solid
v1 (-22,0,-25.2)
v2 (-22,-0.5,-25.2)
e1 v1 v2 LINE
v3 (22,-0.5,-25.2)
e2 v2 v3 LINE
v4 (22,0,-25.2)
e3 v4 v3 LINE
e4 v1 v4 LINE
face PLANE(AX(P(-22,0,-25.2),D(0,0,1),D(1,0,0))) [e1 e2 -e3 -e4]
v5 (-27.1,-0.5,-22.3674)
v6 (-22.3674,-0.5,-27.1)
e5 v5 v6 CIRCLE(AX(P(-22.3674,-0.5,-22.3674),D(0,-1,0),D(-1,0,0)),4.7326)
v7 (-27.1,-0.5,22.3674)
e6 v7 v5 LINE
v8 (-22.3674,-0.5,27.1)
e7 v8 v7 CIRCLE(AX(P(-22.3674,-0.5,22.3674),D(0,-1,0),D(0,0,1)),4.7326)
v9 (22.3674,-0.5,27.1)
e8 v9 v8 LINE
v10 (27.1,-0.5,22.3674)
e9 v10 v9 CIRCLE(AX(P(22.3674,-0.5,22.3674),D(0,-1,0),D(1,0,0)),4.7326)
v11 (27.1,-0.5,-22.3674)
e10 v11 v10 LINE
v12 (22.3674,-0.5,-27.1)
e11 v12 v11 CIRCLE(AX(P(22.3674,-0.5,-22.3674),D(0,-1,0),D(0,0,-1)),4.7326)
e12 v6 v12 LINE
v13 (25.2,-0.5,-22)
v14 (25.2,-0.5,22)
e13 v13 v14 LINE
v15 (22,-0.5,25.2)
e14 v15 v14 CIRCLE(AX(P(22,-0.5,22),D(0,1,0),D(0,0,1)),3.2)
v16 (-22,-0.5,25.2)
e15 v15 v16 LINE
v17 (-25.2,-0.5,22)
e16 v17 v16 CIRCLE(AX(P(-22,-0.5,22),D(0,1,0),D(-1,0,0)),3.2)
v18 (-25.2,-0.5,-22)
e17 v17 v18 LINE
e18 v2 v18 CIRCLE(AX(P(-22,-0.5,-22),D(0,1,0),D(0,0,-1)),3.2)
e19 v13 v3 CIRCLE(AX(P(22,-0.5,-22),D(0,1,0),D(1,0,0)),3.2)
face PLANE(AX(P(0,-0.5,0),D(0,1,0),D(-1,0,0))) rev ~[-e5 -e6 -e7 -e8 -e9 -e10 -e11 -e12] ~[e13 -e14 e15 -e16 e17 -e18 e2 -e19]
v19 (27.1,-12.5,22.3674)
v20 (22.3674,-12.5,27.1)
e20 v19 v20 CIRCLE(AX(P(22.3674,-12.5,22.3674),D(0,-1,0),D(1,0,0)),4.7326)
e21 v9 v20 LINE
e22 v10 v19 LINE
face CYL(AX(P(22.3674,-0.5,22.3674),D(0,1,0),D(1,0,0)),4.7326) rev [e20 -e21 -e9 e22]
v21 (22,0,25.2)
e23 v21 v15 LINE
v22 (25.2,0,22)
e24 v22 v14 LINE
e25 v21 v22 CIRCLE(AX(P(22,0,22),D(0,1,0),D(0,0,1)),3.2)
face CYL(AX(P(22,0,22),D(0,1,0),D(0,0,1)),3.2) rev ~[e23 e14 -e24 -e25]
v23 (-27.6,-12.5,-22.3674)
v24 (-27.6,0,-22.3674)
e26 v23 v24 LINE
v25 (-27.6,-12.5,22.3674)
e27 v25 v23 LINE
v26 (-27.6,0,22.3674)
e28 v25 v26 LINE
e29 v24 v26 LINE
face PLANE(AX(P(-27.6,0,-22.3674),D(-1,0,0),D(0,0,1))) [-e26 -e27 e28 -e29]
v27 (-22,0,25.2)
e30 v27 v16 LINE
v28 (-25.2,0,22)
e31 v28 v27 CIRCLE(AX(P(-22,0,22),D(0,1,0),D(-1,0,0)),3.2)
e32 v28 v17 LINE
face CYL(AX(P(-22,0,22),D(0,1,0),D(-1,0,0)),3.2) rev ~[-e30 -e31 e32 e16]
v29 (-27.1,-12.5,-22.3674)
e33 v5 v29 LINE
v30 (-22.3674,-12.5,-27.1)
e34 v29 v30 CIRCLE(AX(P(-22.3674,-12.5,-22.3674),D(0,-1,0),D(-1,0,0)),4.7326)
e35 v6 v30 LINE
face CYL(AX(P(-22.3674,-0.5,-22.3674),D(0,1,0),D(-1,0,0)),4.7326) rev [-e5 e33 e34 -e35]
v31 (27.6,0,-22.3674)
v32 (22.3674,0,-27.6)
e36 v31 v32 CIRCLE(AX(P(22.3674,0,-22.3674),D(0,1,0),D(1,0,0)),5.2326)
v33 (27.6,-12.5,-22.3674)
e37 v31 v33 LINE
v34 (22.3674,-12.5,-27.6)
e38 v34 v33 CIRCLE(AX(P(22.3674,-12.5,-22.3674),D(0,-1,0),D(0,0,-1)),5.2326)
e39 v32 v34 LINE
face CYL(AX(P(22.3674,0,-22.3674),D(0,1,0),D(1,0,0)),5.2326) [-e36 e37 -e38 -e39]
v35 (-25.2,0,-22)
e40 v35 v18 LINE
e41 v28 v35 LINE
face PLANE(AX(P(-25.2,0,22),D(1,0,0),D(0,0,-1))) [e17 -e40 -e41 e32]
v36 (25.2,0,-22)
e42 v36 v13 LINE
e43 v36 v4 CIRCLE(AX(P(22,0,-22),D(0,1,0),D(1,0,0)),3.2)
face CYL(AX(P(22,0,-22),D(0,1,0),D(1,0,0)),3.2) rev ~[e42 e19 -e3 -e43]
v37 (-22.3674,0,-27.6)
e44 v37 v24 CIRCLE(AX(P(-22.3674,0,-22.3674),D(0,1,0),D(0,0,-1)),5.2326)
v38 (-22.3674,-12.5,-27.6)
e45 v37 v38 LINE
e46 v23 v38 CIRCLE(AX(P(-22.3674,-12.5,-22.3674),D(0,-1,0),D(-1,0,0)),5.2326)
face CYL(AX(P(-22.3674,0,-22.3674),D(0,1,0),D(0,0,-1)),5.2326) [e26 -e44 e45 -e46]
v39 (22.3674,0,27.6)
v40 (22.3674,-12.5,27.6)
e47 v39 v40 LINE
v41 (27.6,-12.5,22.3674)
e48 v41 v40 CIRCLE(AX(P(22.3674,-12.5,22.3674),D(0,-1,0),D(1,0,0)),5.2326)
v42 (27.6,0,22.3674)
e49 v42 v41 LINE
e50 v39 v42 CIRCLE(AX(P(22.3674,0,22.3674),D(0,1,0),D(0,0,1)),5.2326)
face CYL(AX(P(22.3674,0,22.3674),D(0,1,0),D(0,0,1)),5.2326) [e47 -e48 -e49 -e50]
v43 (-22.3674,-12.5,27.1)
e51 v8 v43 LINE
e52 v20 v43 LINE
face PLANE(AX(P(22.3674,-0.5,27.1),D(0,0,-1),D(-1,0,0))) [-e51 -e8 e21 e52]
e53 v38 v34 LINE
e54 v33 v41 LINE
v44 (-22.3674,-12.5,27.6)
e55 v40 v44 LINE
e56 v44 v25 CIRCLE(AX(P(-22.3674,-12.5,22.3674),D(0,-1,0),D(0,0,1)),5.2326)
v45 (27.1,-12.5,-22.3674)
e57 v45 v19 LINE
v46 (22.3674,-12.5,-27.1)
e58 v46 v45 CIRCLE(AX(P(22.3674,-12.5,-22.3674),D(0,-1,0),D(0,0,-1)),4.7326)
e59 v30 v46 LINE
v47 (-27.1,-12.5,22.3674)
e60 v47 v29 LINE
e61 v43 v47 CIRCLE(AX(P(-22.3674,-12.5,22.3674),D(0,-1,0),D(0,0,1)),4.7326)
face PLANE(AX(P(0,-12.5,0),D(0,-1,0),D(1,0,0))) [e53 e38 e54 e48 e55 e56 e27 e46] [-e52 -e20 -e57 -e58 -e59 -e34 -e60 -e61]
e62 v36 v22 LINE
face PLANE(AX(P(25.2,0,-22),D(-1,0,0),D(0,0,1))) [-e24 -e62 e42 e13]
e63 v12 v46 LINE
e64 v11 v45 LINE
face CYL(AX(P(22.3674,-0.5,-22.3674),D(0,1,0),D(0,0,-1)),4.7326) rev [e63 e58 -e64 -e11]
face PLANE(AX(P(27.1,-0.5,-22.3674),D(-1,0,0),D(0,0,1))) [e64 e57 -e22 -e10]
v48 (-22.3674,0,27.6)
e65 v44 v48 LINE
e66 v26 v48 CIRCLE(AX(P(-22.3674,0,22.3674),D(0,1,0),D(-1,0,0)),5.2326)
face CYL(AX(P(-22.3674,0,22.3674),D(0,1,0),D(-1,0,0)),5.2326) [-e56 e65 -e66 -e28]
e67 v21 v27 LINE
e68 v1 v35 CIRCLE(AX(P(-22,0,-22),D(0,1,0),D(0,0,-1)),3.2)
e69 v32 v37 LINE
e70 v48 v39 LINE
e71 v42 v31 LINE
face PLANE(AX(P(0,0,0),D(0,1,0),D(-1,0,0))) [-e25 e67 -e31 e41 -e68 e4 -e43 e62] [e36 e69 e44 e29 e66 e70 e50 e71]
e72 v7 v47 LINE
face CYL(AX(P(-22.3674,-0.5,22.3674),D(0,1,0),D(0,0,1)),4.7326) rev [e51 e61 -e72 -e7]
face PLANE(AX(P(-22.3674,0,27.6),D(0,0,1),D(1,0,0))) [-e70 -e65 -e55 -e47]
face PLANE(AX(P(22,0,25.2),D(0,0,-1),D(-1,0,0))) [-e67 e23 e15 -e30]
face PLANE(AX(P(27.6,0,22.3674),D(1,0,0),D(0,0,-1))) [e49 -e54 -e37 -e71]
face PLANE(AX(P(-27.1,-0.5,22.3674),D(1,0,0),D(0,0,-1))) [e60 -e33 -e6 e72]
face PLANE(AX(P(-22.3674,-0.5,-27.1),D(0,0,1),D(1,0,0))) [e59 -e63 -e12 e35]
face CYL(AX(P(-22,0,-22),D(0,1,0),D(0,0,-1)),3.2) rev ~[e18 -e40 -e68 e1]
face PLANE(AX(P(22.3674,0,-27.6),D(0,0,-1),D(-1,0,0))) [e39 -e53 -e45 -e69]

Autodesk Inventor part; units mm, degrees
ref_plane "YZ Plane" through (0, 0, 0) normal (1, 0, 0) x (0, 1, 0)
ref_plane "XZ Plane" through (0, 0, 0) normal (0, 1, 0) x (-1, 0, 0)
ref_plane "XY Plane" through (0, 0, 0) normal (0, 0, 1) x (1, 0, 0)
sketch "Sketch1" plane through (0, 0, 0) normal (0, 1, 0) x (-1, 0, 0)
  line L0 (25.2, -25.2) -> (-25.2, -25.2) construction
  line L1 (-25.2, -25.2) -> (-25.2, 25.2) construction
  line L2 (-25.2, 25.2) -> (25.2, 25.2) construction
  line L3 (25.2, 25.2) -> (25.2, -25.2) construction
  line L4 (25.2, -25.2) -> (-25.2, 25.2) construction
  line L5 (-25.2, -25.2) -> (25.2, 25.2) construction
  arc A0 (22, -25.2) -> (25.2, -22) centre (22, -22) ccw
  arc A1 (-25.2, -22) -> (-22, -25.2) centre (-22, -22) ccw
  arc A2 (25.2, 22) -> (22, 25.2) centre (22, 22) ccw
  arc A3 (-22, 25.2) -> (-25.2, 22) centre (-22, 22) ccw
  line L6 (22, -25.2) -> (-22, -25.2)
  line L7 (-25.2, -22) -> (-25.2, 22)
  line L8 (-22, 25.2) -> (22, 25.2)
  line L9 (25.2, 22) -> (25.2, -22)
  line L10 (0, -60) -> (0, 60) construction
  line L11 (60, 0) -> (-60, 0) construction
  line L12 (27.6, -22.3674) -> (27.6, 22.3674)
  arc A4 (27.6, 22.3674) -> (22.3674, 27.6) centre (22.3674, 22.3674) ccw
  line L13 (22.3674, 27.6) -> (-22.3674, 27.6)
  arc A5 (-22.3674, 27.6) -> (-27.6, 22.3674) centre (-22.3674, 22.3674) ccw
  line L14 (-27.6, 22.3674) -> (-27.6, -22.3674)
  arc A6 (-27.6, -22.3674) -> (-22.3674, -27.6) centre (-22.3674, -22.3674) ccw
  line L15 (-22.3674, -27.6) -> (22.3674, -27.6)
  arc A7 (22.3674, -27.6) -> (27.6, -22.3674) centre (22.3674, -22.3674) ccw
  point P0 (0, 0)
  point P1 (26.0674, -26.0674)
  dimension "d0" = 50.4
  dimension "d1" = 6.4
  dimension "d2" = 120
  dimension "d3" = 120
  dimension "d4" = 55.2
  dimension "d5" = 3.7
extrude "Extrusion1" add sketch "Sketch1" against normal blind 0.5
sketch "Sketch2" plane through (0, -0.5, 0) normal (0, -1, 0) x (1, 0, 0)
  line L0 (-27.6, 22.3674) -> (-27.6, -22.3674) projected
  arc A0 (-22.3674, 27.6) -> (-27.6, 22.3674) centre (-22.3674, 22.3674) ccw projected
  line L1 (22.3674, 27.6) -> (-22.3674, 27.6) projected
  arc A1 (27.6, 22.3674) -> (22.3674, 27.6) centre (22.3674, 22.3674) ccw projected
  line L2 (27.6, -22.3674) -> (27.6, 22.3674) projected
  arc A2 (22.3674, -27.6) -> (27.6, -22.3674) centre (22.3674, -22.3674) ccw projected
  line L3 (-22.3674, -27.6) -> (22.3674, -27.6) projected
  arc A3 (-27.6, -22.3674) -> (-22.3674, -27.6) centre (-22.3674, -22.3674) ccw projected
  line L4 (-27.1, 22.3674) -> (-27.1, -22.3674)
  arc A4 (-27.1, -22.3674) -> (-22.3674, -27.1) centre (-22.3674, -22.3674) ccw
  line L5 (-22.3674, -27.1) -> (22.3674, -27.1)
  arc A5 (22.3674, -27.1) -> (27.1, -22.3674) centre (22.3674, -22.3674) ccw
  line L6 (27.1, -22.3674) -> (27.1, 22.3674)
  arc A6 (27.1, 22.3674) -> (22.3674, 27.1) centre (22.3674, 22.3674) ccw
  line L7 (22.3674, 27.1) -> (-22.3674, 27.1)
  arc A7 (-22.3674, 27.1) -> (-27.1, 22.3674) centre (-22.3674, 22.3674) ccw
  point P0 (0, 0)
  dimension "d8" = 0.5
extrude "Extrusion2" add sketch "Sketch2" along normal blind 12
equation "\"d0\" = m5stack_inner_width"
equation "\"d1\" = 2 * m5stack_inner_coner_radius"
equation "\"d4\" = m5stack_outer_width + 2 * casing_tolerance + 2 * casing_thickness"
equation "\"d5\" = 0.5 * m5stack_outer_corner_radius + 2 * casing_tolerance + 2 * casing_thickness"
equation "\"d6\" = casing_thickness"
equation "\"d8\" = casing_thickness"
equation "\"m5stack_outer_width\" = 54"
equation "\"m5stack_outer_corner_radius\" = 5"
equation "\"m5stack_inner_width\" = 50.4"
equation "\"m5stack_inner_coner_radius\" = 3.2"
equation "\"casing_tolerance\" = 0.1"
equation "\"casing_thickness\" = 0.5"
properties part number "m5stack_cover"
